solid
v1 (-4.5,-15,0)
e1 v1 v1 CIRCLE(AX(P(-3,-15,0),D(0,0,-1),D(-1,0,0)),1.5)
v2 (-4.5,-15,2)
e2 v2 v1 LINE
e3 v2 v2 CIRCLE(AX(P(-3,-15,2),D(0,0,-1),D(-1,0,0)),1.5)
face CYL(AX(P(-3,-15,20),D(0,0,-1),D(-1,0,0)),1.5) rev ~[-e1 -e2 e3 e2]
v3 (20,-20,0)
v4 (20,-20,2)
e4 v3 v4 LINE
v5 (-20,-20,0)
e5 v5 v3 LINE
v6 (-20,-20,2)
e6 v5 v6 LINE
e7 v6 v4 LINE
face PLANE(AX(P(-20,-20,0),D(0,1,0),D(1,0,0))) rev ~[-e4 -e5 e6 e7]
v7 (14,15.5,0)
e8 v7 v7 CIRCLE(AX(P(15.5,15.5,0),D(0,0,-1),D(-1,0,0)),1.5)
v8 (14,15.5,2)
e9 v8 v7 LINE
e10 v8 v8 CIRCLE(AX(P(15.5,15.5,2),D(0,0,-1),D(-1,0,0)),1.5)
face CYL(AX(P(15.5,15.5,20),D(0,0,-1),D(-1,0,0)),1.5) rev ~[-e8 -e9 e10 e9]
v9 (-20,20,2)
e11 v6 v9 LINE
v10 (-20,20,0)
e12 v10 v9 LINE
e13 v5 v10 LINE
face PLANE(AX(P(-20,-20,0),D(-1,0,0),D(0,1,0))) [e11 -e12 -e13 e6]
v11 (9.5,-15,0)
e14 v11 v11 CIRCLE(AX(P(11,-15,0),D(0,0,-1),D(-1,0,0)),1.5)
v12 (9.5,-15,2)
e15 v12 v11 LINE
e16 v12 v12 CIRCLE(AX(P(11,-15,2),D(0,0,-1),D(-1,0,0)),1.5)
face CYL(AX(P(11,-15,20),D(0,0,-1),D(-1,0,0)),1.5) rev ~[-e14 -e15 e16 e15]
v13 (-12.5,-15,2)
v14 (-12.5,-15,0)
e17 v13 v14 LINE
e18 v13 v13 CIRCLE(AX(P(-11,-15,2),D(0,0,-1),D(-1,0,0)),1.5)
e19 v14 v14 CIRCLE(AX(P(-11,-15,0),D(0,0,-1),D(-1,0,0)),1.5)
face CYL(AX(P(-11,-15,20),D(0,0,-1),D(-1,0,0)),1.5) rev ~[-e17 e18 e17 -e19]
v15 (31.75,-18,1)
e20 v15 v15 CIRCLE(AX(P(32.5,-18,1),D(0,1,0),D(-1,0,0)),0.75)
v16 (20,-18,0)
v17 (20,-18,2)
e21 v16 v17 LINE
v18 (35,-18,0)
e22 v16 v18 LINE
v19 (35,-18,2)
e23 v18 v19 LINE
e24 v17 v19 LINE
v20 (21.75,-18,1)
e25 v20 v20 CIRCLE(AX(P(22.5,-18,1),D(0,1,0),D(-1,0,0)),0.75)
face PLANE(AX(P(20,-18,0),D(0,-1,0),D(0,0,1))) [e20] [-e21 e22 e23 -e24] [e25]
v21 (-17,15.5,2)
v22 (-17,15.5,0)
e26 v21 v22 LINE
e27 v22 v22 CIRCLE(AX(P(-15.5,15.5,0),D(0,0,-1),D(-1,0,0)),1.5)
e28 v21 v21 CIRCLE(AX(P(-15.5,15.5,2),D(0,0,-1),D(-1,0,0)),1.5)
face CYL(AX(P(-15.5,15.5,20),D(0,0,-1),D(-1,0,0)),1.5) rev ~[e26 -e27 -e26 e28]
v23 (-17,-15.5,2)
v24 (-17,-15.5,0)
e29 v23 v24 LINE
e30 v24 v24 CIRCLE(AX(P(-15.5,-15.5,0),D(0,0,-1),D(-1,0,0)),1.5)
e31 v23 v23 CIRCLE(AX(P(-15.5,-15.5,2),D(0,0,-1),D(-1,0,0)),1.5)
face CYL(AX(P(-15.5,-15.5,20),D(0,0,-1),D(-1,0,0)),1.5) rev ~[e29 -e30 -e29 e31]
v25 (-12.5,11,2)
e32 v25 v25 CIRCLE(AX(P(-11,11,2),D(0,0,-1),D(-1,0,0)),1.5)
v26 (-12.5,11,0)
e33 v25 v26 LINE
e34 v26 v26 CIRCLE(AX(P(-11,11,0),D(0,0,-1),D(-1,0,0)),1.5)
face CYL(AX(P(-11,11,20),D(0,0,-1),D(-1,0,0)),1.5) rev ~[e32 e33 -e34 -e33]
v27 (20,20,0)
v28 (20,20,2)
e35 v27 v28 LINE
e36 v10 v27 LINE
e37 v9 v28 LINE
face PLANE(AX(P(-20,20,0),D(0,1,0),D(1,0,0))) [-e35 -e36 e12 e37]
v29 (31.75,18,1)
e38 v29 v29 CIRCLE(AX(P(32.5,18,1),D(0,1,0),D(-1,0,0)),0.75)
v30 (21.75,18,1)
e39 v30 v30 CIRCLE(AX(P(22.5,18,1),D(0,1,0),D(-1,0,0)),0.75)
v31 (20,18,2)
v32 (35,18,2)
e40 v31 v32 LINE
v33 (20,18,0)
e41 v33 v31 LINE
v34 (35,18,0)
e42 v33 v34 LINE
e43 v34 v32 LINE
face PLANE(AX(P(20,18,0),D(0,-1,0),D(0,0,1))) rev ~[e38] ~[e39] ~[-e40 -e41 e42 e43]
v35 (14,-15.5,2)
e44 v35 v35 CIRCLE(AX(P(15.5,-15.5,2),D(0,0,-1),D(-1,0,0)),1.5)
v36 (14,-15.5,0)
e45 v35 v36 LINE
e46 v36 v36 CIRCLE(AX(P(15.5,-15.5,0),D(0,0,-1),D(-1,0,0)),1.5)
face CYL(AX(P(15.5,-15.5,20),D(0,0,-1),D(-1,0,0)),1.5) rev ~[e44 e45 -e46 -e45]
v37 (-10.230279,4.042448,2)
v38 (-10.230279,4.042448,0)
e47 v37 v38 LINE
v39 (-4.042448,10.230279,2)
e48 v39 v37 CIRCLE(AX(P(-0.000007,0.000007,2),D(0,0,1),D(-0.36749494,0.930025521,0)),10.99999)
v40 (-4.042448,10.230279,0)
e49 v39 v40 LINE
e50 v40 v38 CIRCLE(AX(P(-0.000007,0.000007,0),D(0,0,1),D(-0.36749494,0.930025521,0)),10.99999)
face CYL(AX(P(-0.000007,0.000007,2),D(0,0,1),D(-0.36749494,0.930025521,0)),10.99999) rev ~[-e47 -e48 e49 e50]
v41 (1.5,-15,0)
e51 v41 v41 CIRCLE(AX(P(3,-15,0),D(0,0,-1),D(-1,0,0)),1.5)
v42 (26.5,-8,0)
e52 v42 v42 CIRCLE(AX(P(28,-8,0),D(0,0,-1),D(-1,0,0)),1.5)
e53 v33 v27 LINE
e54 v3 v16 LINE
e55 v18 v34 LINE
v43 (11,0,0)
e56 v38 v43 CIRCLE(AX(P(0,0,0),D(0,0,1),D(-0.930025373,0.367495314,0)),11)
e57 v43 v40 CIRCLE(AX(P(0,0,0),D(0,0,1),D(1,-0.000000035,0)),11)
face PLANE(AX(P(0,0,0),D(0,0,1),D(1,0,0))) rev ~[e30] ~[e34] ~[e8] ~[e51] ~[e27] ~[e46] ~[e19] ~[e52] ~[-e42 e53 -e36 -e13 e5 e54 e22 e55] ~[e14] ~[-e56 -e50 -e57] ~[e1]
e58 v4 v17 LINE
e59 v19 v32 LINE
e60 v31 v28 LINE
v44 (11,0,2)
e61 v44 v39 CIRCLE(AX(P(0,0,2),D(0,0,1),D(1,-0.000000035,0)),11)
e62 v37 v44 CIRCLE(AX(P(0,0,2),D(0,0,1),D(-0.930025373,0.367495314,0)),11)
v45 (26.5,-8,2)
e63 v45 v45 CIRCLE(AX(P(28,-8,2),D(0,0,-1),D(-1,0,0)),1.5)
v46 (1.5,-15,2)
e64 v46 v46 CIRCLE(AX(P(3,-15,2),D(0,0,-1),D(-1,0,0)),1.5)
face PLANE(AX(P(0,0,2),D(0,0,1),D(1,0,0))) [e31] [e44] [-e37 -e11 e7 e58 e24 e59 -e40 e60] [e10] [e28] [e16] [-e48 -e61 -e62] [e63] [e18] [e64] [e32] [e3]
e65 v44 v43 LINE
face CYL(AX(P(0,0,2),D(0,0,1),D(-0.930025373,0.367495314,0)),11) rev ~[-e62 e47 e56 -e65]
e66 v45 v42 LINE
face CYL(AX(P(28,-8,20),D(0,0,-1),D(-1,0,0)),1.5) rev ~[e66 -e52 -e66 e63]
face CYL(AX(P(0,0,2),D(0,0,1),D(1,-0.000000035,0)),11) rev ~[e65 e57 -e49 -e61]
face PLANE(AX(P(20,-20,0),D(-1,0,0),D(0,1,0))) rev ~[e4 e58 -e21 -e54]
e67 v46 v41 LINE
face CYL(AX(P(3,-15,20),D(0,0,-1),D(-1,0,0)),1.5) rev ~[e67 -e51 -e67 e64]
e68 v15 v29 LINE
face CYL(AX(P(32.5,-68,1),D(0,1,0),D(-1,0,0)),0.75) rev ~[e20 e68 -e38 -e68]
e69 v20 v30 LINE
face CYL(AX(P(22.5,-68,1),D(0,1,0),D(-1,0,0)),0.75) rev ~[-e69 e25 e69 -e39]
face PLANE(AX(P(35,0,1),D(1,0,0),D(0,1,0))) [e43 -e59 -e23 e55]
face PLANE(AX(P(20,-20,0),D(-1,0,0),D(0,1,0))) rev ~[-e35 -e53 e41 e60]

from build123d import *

# Parameters (mm, degrees)
F0_W     = 40
F0_H     = 40
F1_DEPTH = 2
F2_W     = 36
F2_H     = 2
F3_DEPTH = 15
F5_D     = 3
F5_DEPTH = 18
F4_R     = 7
F6_DEPTH = 25
F8_D     = 1.5
F8_DEPTH = 50


with BuildPart() as f1:
    # F0 (on Top) → F1 (new body)
    with BuildSketch(Plane.XY):
        Rectangle(F0_W, F0_H)
    extrude(amount=F1_DEPTH)

    # F2 (on face) → F3 (join)
    with BuildSketch(Plane.YZ.offset(20)):
        with Locations((0, 1)):
            Rectangle(F2_W, F2_H)
    extrude(amount=F3_DEPTH)

    # F5
    with Locations(Plane.XY.offset(2)):
        with Locations((-11, -15), (11, -15), (28, -8), (-11, 11), (-3, -15), (3, -15), (15.5, 15.5), (-15.5, 15.5), (-15.5, -15.5), (15.5, -15.5)):
            Hole(F5_D / 2, depth=F5_DEPTH)

    # F4 (on face) → F6 (cut)
    with BuildSketch(Plane.XY.offset(2)):
        with BuildLine():
            ThreePointArc((-4.042448, 10.230279), (-6.050253, 6.050253), (-10.230279, 4.042448))
            ThreePointArc((-10.230279, 4.042448), (-2.057538, -10.805857), (11, 0))
            ThreePointArc((11, 0), (6.185995, 9.095794), (-4.042448, 10.230279))
        make_face()
        Circle(F4_R, mode=Mode.SUBTRACT)
        Circle(F4_R)
        with BuildLine():
            ThreePointArc((-4.042448, 10.230279), (-7.778175, 7.778175), (-10.230279, 4.042448))
            ThreePointArc((-10.230279, 4.042448), (-6.050253, 6.050253), (-4.042448, 10.230279))
        make_face()
    extrude(amount=-F6_DEPTH, mode=Mode.SUBTRACT)

    # F8
    with Locations(Plane.XZ.offset(18)):
        with Locations((22.5, 1), (32.5, 1)):
            Hole(F8_D / 2, depth=F8_DEPTH)


solid = f1.part
